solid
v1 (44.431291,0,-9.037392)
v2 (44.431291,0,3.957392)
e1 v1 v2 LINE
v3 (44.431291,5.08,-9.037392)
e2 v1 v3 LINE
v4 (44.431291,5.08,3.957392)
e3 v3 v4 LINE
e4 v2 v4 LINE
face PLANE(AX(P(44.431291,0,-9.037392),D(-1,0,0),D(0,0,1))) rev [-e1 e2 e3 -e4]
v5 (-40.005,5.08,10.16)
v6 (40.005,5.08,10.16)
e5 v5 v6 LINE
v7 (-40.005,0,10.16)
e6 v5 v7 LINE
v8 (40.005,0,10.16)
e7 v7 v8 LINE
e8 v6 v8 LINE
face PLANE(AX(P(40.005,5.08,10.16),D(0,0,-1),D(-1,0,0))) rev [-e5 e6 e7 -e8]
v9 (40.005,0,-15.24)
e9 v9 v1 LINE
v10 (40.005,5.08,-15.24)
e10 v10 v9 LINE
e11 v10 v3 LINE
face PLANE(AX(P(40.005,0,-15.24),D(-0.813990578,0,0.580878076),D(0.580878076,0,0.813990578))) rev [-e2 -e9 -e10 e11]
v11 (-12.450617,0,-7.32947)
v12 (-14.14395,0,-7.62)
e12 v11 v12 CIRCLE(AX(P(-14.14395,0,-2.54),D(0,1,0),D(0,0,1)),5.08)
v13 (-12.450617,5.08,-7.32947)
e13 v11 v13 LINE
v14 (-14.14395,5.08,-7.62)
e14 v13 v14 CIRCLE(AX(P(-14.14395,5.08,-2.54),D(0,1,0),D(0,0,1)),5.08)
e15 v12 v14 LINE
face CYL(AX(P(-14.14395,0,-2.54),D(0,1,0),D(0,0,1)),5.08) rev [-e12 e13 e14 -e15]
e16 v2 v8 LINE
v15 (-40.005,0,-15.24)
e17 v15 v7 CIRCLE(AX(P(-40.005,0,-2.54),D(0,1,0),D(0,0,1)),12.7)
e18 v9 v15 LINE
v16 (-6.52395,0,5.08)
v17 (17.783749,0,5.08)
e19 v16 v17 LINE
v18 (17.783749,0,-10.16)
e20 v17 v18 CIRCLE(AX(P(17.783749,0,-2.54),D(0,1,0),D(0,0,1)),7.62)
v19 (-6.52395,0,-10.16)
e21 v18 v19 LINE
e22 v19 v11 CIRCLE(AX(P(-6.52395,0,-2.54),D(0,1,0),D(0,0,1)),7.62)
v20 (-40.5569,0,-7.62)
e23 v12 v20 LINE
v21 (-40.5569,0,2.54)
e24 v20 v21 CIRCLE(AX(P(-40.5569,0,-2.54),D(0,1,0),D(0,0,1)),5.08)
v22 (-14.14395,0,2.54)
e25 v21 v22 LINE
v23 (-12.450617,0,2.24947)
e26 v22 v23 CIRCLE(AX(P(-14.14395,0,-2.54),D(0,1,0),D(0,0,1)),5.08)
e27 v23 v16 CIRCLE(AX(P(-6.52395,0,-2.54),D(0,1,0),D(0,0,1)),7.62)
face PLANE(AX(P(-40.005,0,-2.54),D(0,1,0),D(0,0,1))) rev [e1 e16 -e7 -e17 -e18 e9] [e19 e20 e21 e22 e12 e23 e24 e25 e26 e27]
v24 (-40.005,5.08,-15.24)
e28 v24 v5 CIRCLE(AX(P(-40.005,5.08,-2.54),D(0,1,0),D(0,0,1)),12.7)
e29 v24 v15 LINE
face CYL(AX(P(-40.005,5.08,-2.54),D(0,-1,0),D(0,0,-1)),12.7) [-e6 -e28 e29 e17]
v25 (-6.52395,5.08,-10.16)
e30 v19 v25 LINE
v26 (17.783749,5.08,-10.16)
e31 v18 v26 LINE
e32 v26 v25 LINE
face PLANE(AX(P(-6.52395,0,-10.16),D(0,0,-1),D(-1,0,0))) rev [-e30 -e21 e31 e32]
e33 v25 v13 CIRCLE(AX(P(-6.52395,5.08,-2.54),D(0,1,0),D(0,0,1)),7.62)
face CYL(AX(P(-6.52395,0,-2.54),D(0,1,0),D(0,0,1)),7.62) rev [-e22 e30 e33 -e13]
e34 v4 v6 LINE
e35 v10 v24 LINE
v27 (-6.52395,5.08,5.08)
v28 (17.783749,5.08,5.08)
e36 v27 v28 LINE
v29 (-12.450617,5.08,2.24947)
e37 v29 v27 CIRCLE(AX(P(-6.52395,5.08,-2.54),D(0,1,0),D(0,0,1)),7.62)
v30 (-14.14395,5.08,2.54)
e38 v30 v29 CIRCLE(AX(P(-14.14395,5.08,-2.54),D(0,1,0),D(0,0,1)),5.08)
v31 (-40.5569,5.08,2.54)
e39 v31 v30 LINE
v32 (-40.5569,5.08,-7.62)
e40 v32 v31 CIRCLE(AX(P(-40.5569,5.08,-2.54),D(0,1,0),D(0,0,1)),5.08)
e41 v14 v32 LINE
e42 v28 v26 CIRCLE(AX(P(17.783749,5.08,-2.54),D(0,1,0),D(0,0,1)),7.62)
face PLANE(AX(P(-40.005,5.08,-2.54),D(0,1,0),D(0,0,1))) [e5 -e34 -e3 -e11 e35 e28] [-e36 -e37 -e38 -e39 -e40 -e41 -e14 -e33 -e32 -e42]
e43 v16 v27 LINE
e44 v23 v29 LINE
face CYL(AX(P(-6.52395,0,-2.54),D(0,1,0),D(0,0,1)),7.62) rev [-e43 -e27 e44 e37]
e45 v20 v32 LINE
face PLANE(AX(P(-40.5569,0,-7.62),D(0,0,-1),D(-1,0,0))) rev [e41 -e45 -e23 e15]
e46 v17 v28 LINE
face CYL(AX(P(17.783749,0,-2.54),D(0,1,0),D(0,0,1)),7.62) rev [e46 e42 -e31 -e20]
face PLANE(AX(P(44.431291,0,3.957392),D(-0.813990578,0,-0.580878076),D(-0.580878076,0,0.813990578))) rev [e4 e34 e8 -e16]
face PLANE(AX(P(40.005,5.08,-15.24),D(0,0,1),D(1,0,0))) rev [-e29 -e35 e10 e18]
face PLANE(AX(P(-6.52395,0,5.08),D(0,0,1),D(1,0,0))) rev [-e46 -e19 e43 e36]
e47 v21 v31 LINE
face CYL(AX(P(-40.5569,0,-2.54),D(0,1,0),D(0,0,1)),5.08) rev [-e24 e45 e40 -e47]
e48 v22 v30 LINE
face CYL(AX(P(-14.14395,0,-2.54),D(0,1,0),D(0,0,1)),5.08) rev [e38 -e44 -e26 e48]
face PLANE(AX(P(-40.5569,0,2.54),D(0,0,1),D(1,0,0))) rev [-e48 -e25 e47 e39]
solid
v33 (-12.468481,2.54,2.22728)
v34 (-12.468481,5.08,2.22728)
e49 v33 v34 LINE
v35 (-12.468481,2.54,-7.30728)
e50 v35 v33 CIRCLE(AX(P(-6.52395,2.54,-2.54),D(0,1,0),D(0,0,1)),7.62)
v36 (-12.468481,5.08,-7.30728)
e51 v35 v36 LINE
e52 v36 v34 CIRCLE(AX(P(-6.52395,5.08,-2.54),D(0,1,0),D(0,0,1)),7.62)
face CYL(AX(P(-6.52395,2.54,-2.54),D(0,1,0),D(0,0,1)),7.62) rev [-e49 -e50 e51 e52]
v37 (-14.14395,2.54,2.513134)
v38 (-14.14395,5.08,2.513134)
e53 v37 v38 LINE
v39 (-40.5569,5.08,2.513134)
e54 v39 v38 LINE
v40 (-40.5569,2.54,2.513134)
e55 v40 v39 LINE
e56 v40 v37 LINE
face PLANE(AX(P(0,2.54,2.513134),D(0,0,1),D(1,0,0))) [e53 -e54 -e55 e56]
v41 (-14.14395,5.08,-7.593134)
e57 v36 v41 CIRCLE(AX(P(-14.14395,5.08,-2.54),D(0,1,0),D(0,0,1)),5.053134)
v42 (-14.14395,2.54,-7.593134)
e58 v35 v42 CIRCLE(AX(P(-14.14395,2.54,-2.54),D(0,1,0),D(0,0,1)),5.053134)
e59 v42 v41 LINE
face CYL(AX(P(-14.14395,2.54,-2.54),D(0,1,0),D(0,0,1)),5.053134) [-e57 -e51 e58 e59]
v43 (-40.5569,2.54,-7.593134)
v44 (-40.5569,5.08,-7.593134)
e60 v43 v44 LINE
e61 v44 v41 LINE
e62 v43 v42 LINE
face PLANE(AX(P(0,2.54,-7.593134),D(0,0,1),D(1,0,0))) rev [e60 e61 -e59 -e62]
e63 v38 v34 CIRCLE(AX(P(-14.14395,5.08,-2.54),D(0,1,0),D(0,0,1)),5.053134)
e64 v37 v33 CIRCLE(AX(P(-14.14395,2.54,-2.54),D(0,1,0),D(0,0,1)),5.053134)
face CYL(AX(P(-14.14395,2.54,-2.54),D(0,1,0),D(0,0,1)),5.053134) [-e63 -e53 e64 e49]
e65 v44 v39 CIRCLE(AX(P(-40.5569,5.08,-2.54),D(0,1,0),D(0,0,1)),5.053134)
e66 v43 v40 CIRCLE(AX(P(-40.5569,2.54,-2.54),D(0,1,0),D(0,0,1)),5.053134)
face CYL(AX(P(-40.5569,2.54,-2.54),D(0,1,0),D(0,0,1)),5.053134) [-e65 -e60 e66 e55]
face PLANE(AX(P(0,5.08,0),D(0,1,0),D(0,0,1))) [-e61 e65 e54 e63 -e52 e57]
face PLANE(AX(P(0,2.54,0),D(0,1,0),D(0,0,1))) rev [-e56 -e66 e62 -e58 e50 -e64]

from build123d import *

# Parameters (mm, degrees)
BOSS_EXTRUDE1_DEPTH = 5.08
CUT_EXTRUDE1_DEPTH  = 56.098829616
BOSS_EXTRUDE2_DEPTH = 2.54
CUT_EXTRUDE2_DEPTH  = 56.098829616


with BuildPart() as part:
    # Sketch1 → Boss-Extrude1 (new body)
    with BuildSketch(Plane(origin=(0, 0, 0), x_dir=(1, 0, 0), z_dir=(0, 1, 0))):
        with BuildLine():
            Line((40.005, -10.16), (-40.005, -10.16))
            ThreePointArc((-40.005, -10.16), (-52.705, 2.54), (-40.005, 15.24))
            Line((-40.005, 15.24), (40.005, 15.24))
            ThreePointArc((40.005, 15.24), (52.705, 2.54), (40.005, -10.16))
        make_face()
    extrude(amount=BOSS_EXTRUDE1_DEPTH)

    # Sketch2 → Cut-Extrude1 (cut, through all)
    with BuildSketch(Plane(origin=(0, 5.08, 0), x_dir=(1, 0, 0), z_dir=(0, 1, 0))):
        with BuildLine():
            Line((-6.523950451, 10.16), (17.783749378, 10.16))
            ThreePointArc((17.783749378, 10.16), (25.403749378, 2.54), (17.783749378, -5.08))
            Line((17.783749378, -5.08), (-6.523950451, -5.08))
            ThreePointArc((-6.523950451, -5.08), (-9.807899227, -4.336051224), (-12.450617118, -2.249469931))
            ThreePointArc((-12.450617118, -2.249469931), (-13.284912399, -2.466840683), (-14.143950451, -2.54))
            Line((-14.143950451, -2.54), (-40.556900142, -2.54))
            ThreePointArc((-40.556900142, -2.54), (-45.636900142, 2.54), (-40.556900142, 7.62))
            Line((-40.556900142, 7.62), (-14.143950451, 7.62))
            ThreePointArc((-14.143950451, 7.62), (-13.284912399, 7.546840683), (-12.450617118, 7.329469931))
            ThreePointArc((-12.450617118, 7.329469931), (-9.807899227, 9.416051224), (-6.523950451, 10.16))
        make_face()
    extrude(amount=-CUT_EXTRUDE1_DEPTH, mode=Mode.SUBTRACT)

    # Sketch4 → Cut-Extrude2 (cut, through all)
    with BuildSketch(Plane(origin=(0, 5.08, 0), x_dir=(1, 0, 0), z_dir=(0, 1, 0))):
        Polygon((40.005, 15.24), (44.43129094, 9.037391797), (44.43129094, -3.957391797), (40.005, -10.16), (40.005, -12.227542852), (70.314575482, -12.227542852), (70.314575482, 15.24), align=None)
    extrude(amount=-CUT_EXTRUDE2_DEPTH, mode=Mode.SUBTRACT)


with BuildPart() as body_2:
    # Sketch3 → Boss-Extrude2 (new body)
    with BuildSketch(Plane(origin=(0, 5.08, 0), x_dir=(1, 0, 0), z_dir=(0, 1, 0))):
        with BuildLine():
            Line((-14.143950451, 7.593133552), (-40.556900142, 7.593133552))
            ThreePointArc((-40.556900142, 7.593133552), (-45.610033694, 2.54), (-40.556900142, -2.513133552))
            Line((-40.556900142, -2.513133552), (-14.143950451, -2.513133552))
            ThreePointArc((-14.143950451, -2.513133552), (-13.294110614, -2.441157591), (-12.468480721, -2.227280134))
            ThreePointArc((-12.468480721, -2.227280134), (-14.143950451, 2.54), (-12.468480721, 7.307280134))
            ThreePointArc((-12.468480721, 7.307280134), (-13.294110614, 7.521157591), (-14.143950451, 7.593133552))
        make_face()
    extrude(amount=-BOSS_EXTRUDE2_DEPTH)


solid = Compound([part.part, body_2.part])
